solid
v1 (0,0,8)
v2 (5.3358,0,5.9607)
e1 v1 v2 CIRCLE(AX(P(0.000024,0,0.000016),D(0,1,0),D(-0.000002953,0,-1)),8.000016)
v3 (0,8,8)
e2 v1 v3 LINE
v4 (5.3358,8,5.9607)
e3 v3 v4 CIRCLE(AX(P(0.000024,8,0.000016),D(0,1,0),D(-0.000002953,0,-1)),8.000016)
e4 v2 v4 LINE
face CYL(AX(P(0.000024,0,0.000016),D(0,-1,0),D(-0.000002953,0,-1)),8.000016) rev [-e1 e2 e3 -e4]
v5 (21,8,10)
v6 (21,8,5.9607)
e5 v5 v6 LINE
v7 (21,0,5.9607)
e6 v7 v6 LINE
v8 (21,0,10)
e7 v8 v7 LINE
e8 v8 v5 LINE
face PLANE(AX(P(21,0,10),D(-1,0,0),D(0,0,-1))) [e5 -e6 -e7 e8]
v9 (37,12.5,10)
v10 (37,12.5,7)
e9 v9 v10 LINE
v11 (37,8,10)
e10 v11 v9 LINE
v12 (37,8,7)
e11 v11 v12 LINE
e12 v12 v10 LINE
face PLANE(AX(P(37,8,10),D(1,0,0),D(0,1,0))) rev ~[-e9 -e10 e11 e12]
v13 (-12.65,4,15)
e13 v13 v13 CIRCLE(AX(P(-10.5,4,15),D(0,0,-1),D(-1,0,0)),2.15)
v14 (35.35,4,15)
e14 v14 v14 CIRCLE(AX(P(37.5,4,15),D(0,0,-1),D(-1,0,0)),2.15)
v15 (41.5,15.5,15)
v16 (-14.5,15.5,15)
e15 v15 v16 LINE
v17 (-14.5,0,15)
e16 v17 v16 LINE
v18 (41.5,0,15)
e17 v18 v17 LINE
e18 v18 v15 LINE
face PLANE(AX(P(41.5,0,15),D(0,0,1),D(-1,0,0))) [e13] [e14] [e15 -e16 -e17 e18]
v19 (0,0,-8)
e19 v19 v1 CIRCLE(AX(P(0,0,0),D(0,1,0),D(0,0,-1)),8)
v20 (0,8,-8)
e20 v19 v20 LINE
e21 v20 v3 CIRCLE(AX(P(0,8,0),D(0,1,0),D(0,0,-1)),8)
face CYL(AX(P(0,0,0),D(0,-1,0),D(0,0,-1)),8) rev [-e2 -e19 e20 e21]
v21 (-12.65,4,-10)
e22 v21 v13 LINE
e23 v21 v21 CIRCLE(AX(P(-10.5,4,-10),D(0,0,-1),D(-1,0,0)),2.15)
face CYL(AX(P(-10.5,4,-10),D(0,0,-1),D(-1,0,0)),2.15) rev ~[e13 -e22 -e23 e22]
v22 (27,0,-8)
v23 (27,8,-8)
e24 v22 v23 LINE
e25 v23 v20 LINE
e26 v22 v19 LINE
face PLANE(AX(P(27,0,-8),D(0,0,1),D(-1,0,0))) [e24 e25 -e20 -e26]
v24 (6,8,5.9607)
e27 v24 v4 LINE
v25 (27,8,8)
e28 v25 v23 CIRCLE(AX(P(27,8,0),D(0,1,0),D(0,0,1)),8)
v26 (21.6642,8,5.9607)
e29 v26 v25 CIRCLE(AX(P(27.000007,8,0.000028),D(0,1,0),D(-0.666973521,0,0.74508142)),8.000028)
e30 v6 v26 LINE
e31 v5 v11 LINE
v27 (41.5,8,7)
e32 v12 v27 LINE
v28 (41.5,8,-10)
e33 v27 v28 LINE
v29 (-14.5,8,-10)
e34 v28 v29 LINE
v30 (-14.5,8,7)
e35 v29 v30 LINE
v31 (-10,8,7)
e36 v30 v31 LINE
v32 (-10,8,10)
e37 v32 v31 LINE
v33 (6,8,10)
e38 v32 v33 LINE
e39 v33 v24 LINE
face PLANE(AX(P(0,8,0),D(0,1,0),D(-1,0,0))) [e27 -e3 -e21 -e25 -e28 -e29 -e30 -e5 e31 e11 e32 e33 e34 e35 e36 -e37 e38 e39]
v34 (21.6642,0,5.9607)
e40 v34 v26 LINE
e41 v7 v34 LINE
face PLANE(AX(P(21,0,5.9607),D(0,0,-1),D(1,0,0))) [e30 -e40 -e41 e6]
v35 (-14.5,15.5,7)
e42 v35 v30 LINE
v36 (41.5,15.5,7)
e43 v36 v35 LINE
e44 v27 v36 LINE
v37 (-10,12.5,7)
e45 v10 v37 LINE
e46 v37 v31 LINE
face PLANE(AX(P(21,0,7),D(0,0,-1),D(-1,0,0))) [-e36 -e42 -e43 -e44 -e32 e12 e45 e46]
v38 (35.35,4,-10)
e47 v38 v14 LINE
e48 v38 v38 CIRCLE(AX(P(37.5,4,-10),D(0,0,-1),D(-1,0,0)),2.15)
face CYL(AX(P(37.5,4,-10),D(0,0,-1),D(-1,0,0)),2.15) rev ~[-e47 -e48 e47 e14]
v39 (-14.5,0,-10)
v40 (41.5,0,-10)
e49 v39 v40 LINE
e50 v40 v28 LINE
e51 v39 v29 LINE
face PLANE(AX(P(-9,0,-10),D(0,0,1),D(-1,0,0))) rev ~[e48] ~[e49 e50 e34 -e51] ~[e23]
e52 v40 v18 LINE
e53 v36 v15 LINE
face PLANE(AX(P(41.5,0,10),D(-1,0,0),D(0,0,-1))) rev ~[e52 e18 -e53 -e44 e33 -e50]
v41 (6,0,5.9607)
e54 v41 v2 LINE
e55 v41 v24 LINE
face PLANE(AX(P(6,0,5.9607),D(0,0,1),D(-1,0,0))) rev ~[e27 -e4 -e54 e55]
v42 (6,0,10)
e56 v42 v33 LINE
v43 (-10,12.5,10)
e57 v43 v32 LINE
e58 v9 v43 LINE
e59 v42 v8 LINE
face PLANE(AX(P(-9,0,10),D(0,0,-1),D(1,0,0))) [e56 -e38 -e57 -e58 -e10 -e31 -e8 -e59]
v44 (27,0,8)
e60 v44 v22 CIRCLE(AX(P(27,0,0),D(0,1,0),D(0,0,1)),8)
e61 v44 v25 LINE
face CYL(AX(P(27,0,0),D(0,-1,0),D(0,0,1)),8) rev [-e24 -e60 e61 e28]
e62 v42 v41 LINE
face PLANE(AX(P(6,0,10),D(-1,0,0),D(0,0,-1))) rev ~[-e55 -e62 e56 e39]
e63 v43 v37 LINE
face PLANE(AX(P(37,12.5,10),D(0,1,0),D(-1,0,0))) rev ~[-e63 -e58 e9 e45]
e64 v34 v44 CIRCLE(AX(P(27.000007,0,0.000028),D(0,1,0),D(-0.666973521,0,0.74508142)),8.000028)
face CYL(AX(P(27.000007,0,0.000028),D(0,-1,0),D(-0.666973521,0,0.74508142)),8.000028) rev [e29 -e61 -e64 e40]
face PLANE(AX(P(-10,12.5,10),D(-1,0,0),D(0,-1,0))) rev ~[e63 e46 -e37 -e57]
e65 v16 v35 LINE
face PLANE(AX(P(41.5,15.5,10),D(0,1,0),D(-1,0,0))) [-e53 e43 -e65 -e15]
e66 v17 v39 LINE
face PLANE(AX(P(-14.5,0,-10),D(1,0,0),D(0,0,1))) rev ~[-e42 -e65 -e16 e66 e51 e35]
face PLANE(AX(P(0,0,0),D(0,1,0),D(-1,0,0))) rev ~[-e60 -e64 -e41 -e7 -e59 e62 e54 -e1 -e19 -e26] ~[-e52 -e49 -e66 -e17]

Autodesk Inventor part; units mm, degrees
ref_plane "YZ Plane" through (0, 0, 0) normal (1, 0, 0) x (0, 1, 0)
ref_plane "XZ Plane" through (0, 0, 0) normal (0, 1, 0) x (-1, 0, 0)
ref_plane "XY Plane" through (0, 0, 0) normal (0, 0, 1) x (1, 0, 0)
sketch "Sketch1" plane through (0, 0, 0) normal (0, 1, 0) x (-1, 0, 0)
  line L0 (0, 0) -> (-27, 0) construction
  line L1 (-27, -8) -> (0, -8)
  arc A0 (0, -8) -> (0, 8) centre (0, 0) ccw
  arc A1 (-27, 8) -> (-27, -8) centre (-27, 0) ccw
  line L2 (14.5, 10) -> (-41.5, 10)
  line L3 (-41.5, 10) -> (-41.5, -10)
  line L4 (-41.5, -10) -> (14.5, -10)
  line L5 (14.5, -10) -> (14.5, 10)
  line L6 (14.5, 10) -> (-41.5, -10) construction
  line L7 (-41.5, 10) -> (14.5, -10) construction
  line L8 (14.5, 10) -> (-41.5, 10)
  line L9 (-41.5, 10) -> (-41.5, 15)
  line L10 (-41.5, 15) -> (14.5, 15)
  line L11 (14.5, 15) -> (14.5, 10)
  arc A2 (0, -8) -> (-5.3358, 5.9607) centre (0, 0) ccw
  arc A3 (-21.6642, 5.9607) -> (-27, -8) centre (-27, 0) ccw
  line L12 (9, -10) -> (-36, -10)
  line L13 (-36, -10) -> (-36, 10) construction
  line L14 (-36, 10) -> (9, 10)
  line L15 (9, 10) -> (9, -10) construction
  line L16 (9, -10) -> (-36, 10) construction
  line L17 (-36, -10) -> (9, 10) construction
  line L18 (9, 10) -> (-6, 10)
  line L19 (-6, 10) -> (-6, 5.9607)
  line L20 (-36, 10) -> (-21, 10)
  line L21 (-21, 10) -> (-21, 5.9607)
  line L22 (-5.3358, 5.9607) -> (-21.6642, 5.9607) construction
  line L23 (-21, 5.9607) -> (-21.6642, 5.9607)
  line L24 (-6, 5.9607) -> (-5.3358, 5.9607)
  point P0 (-13.5, 0)
  point P1 (-27, 8)
  point P2 (0, 8)
  dimension "d0" = 27
  dimension "d1" = 16
  dimension "d2" = 56
  dimension "d3" = 20
  dimension "d4" = 5
  dimension "d5" = 45
  dimension "d6" = 15
  dimension "d7" = 15
extrude "Extrusion1" add sketch "Sketch1" along normal blind 8 contours L1 A0 A2 L24 L19 L2 L5 L4 L3 L21 L23 A3 A1
extrude "Extrusion2" add sketch "Sketch1" along normal blind 15.5 contours L2 L9 L10 L11
sketch "Sketch2" plane through (21, 0, 10) normal (0, 0, -1) x (-1, 0, 0)
  line L0 (35.5, 8) -> (15, 8) projected
  line L1 (-20.5, 8) -> (-20.5, 15.5) projected
  line L2 (35.5, 8) -> (-20.5, 8)
  line L3 (-20.5, 8) -> (-20.5, 15.5)
  line L4 (-20.5, 15.5) -> (35.5, 15.5)
  line L5 (35.5, 15.5) -> (35.5, 8)
  line L6 (31, 8) -> (-16, 8)
  line L7 (-16, 8) -> (-16, 12.5)
  line L8 (-16, 12.5) -> (31, 12.5)
  line L9 (31, 12.5) -> (31, 8)
  line L10 (-20.5, 8) -> (35.5, 8) projected
  point P0 (21, 0)
  point P1 (7.5, 8)
  dimension "d12" = 47
  dimension "d13" = 4.5
extrude "Extrusion3" add sketch "Sketch2" along normal blind 3 contours L0 L9 L8 L7 L2 L1 L4 L5
sketch "Sketch3" plane through (41.5, 0, -10) normal (0, 0, -1) x (-1, 0, 0)
  circle A0 centre (52, 4) radius 2.15
  line L0 (56, 0) -> (56, 8) projected
  line L1 (0, 0) -> (56, 0) projected
  circle A1 centre (4, 4) radius 2.15
  line L2 (0, 0) -> (0, 8) projected
  point P0 (41.5, 0)
  dimension "d16" = 4.3
  dimension "d17" = 4
  dimension "d18" = 4
  dimension "d19" = 4.3
  dimension "d20" = 4
  dimension "d21" = 4
extrude "Extrusion4" cut sketch "Sketch3" against normal blind 32
properties part number "Ultrasonic_sensor_frame_Full"
